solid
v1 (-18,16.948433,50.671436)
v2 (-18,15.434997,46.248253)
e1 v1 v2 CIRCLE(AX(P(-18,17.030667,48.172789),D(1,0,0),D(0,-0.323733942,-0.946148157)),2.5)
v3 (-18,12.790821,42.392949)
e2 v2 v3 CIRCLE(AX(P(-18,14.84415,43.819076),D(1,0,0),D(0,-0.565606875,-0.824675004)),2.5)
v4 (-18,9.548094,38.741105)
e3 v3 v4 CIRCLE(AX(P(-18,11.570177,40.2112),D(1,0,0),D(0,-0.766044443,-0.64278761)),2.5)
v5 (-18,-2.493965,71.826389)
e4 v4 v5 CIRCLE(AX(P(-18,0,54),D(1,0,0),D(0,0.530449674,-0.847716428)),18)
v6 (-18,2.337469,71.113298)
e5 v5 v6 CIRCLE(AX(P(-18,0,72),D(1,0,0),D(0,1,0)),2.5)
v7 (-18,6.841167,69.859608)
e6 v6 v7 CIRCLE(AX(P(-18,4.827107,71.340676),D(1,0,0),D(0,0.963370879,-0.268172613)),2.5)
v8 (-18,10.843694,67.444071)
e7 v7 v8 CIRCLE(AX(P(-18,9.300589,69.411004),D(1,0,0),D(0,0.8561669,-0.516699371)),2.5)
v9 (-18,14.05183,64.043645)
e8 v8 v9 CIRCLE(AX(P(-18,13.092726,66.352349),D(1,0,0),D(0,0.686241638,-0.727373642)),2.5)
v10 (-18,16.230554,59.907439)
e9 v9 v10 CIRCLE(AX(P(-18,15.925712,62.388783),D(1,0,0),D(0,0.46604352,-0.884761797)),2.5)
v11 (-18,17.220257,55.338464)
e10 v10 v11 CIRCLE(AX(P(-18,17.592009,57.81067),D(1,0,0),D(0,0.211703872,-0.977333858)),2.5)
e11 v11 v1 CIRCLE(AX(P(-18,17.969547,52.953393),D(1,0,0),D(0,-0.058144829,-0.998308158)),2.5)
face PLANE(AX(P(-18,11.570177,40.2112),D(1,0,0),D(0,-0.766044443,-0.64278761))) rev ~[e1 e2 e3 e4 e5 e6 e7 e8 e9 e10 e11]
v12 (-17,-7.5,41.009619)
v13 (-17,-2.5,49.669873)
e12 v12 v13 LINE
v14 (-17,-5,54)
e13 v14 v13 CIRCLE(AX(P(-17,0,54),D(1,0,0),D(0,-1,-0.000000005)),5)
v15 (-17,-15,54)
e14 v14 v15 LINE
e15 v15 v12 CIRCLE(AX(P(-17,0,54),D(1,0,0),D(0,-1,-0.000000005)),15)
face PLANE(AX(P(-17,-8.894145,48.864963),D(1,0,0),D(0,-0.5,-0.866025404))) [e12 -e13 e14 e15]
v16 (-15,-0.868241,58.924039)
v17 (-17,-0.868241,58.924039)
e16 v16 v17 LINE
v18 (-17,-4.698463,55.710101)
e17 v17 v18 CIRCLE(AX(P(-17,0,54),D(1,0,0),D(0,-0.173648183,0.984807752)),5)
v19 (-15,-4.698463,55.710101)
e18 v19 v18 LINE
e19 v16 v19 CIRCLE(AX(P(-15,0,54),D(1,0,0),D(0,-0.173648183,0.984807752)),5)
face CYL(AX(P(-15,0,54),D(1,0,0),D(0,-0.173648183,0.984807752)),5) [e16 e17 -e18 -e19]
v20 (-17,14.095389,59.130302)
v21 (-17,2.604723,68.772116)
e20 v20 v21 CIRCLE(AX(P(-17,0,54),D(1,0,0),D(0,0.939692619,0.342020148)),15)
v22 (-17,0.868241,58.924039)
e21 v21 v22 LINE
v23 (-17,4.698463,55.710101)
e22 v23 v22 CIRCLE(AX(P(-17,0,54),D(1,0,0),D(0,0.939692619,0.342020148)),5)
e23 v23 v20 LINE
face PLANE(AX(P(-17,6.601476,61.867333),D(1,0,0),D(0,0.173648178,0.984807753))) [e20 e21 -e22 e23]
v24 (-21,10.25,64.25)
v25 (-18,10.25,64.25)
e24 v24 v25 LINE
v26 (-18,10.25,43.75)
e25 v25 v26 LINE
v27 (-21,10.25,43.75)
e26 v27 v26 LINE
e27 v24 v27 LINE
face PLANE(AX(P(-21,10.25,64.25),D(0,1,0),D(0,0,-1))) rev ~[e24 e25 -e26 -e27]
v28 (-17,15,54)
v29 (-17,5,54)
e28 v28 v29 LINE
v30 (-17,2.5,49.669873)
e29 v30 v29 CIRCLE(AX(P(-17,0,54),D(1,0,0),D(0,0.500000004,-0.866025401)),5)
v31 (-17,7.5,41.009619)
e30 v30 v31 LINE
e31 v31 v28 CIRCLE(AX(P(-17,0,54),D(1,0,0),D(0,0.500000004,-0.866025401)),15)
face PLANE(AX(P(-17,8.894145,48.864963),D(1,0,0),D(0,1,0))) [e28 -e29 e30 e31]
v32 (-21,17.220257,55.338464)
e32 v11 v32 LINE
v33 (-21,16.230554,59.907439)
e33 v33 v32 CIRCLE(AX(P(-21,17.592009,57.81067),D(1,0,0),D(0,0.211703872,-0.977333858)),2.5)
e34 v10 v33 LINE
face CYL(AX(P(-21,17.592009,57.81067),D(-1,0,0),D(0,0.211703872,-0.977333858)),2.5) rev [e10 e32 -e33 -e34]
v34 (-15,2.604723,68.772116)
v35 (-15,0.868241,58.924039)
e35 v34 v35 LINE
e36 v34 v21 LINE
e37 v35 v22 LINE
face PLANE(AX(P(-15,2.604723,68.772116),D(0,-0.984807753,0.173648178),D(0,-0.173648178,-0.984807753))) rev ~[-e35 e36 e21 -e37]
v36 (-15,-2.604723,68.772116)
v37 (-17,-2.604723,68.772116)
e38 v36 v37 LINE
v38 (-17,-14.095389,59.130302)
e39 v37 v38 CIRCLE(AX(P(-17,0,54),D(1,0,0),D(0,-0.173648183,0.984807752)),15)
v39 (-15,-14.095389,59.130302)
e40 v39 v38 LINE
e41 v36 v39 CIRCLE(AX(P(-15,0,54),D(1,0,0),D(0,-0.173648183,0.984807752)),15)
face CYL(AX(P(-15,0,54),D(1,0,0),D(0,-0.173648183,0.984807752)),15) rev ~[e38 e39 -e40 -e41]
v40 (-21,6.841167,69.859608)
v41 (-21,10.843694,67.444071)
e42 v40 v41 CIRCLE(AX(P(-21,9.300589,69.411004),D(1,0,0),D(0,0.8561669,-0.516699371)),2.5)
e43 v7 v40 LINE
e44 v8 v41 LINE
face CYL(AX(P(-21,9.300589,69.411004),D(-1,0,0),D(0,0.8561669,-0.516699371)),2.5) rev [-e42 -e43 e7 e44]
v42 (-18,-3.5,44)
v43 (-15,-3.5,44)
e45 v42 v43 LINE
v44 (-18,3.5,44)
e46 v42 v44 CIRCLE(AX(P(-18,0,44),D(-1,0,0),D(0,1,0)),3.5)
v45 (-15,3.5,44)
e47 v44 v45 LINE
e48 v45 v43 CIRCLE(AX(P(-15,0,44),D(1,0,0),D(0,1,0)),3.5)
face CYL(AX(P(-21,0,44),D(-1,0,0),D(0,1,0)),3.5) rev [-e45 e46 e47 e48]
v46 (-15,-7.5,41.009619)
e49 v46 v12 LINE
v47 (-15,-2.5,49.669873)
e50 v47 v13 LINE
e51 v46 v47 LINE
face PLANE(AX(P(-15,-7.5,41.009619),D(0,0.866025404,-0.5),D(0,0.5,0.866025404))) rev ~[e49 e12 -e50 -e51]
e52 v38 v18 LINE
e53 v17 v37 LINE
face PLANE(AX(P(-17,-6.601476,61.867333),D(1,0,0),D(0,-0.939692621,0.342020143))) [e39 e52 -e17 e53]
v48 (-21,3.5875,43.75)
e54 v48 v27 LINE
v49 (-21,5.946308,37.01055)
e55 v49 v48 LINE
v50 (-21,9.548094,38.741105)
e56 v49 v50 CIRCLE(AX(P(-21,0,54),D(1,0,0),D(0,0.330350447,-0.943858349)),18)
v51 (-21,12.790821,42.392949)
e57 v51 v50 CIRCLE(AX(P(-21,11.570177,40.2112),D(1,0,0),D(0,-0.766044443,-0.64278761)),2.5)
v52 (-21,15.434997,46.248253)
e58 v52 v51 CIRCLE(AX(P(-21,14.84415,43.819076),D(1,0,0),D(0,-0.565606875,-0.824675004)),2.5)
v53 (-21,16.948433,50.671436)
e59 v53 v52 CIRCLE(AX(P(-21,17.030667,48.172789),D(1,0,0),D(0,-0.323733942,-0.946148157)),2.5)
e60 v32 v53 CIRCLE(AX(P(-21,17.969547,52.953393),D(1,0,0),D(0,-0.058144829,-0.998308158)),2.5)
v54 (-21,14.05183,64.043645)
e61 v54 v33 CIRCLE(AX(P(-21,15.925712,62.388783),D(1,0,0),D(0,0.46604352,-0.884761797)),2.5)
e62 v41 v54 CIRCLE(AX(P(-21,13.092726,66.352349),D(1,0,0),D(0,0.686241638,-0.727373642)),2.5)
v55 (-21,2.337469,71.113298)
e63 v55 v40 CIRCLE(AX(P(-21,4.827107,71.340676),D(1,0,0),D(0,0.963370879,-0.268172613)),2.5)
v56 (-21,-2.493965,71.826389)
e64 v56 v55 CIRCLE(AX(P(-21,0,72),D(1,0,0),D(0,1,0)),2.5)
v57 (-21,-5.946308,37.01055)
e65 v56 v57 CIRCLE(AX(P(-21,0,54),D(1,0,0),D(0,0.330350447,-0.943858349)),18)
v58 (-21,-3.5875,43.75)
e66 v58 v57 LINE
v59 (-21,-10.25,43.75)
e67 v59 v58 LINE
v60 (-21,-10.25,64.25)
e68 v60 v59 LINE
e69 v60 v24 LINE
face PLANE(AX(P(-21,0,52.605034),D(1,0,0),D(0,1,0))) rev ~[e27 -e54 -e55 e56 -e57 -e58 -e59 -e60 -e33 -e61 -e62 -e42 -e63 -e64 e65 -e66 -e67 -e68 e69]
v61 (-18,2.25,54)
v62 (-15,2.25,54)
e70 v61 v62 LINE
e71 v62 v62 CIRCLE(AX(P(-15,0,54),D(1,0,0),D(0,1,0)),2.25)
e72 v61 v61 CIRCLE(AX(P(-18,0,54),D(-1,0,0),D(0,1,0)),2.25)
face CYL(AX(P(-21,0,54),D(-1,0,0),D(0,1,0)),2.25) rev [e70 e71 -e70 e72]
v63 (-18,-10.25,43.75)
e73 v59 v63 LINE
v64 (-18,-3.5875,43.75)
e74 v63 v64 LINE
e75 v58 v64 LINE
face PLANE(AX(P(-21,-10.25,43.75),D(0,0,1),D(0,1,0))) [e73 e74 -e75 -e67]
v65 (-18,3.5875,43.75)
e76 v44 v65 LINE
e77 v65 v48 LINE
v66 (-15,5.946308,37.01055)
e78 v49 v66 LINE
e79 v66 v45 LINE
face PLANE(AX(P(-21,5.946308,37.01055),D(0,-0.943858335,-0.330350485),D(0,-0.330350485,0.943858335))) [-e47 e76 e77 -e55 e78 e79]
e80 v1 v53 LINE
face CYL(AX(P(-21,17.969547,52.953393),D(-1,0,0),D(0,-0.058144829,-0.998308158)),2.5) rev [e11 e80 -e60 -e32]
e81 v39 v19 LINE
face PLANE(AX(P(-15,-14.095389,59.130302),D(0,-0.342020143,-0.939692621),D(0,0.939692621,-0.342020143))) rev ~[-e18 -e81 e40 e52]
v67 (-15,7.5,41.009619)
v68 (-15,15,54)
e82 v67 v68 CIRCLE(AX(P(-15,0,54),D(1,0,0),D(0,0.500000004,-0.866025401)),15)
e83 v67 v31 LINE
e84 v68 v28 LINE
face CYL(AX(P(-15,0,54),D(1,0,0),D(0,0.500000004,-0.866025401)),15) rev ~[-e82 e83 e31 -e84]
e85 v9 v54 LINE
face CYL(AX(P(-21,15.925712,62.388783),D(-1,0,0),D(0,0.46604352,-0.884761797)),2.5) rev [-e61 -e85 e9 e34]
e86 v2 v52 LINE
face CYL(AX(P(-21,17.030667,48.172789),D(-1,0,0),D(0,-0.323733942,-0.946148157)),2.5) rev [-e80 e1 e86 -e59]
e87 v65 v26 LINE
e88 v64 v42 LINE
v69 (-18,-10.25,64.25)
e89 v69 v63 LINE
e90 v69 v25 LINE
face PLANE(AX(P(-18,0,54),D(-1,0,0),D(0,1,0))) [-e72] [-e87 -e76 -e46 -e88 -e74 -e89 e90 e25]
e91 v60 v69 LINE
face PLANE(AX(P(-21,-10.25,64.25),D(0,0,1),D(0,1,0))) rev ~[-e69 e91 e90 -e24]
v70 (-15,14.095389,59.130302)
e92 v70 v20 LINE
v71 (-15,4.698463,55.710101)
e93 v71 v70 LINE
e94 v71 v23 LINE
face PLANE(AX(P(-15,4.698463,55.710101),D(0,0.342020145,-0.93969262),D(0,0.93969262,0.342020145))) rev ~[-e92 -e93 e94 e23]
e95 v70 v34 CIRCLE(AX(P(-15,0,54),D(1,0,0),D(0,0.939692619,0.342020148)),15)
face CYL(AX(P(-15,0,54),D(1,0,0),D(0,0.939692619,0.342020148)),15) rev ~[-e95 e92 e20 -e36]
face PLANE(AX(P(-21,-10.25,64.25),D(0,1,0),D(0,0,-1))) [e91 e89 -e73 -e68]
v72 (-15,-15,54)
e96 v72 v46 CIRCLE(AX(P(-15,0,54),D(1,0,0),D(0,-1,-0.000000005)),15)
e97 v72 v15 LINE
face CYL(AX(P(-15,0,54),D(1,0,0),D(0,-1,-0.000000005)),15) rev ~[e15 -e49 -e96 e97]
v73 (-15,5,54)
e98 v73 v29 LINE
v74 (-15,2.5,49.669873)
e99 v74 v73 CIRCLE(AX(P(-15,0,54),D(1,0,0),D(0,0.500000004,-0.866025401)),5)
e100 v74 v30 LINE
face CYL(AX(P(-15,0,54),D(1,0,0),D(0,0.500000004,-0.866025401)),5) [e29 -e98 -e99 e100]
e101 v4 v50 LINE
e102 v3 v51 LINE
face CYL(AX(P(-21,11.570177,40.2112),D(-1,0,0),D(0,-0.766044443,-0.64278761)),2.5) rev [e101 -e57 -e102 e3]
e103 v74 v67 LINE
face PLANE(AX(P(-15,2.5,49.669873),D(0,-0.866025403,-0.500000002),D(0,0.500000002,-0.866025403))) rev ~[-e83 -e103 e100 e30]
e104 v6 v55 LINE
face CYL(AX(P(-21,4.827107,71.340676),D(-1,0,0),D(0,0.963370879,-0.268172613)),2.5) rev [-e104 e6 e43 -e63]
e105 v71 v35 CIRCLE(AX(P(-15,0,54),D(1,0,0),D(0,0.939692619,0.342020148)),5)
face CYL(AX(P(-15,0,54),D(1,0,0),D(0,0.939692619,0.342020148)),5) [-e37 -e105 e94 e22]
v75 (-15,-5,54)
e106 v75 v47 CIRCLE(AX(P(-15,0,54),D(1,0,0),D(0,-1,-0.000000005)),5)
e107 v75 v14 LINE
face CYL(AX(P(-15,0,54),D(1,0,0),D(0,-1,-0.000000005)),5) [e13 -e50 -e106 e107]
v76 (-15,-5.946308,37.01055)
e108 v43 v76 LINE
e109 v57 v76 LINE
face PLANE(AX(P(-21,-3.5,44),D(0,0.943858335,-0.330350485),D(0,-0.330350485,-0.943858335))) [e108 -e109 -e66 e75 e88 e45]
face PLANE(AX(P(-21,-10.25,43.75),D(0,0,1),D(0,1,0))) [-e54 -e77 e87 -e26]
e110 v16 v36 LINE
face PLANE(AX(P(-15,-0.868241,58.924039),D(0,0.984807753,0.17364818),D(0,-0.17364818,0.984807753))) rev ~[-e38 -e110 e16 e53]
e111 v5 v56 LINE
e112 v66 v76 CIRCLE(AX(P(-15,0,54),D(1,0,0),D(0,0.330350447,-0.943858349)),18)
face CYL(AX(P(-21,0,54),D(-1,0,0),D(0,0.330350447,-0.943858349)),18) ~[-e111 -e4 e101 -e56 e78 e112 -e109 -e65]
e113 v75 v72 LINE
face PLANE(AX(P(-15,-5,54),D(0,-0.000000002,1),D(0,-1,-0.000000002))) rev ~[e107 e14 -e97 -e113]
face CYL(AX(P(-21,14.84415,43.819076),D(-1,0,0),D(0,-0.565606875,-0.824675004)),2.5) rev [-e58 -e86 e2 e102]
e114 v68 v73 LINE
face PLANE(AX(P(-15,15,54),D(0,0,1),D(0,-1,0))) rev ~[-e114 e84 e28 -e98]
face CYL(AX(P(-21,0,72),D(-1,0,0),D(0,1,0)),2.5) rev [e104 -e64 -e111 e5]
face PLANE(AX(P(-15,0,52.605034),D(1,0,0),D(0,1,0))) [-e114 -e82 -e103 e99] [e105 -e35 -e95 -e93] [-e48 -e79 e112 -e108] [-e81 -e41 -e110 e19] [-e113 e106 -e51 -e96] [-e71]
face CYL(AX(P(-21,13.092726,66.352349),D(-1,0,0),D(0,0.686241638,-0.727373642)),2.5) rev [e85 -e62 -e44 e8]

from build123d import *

# Parameters (mm, degrees)
SKETCH036_R           = 2.25
PAD024_DEPTH          = 6
SKETCH038_W           = 20.5
SKETCH038_H           = 20.5
POCKET007_DEPTH       = 3
CYLINDER068_R         = 2.5
CYLINDER068_DEPTH     = 3
POLARPATTERN018_COUNT = 10
POLARPATTERN018_ANGLE = 140
POCKET009_DEPTH       = 2
POLARPATTERN019_COUNT = 4
POLARPATTERN019_ANGLE = 240


with BuildPart() as part:
    # Sketch036 → Pad024 (new body)
    with BuildSketch(Plane.YZ):
        with BuildLine():
            ThreePointArc((5.946308, -16.98945), (0, 18), (-5.946308, -16.98945))
            Line((-3.5, -10), (-5.946308, -16.98945))
            ThreePointArc((3.5, -10), (0, -6.5), (-3.5, -10))
            Line((5.946308, -16.98945), (3.5, -10))
        make_face()
        Circle(SKETCH036_R, mode=Mode.SUBTRACT)
    extrude(amount=PAD024_DEPTH)

    # Sketch038 (on Face6 of Pad024) → Pocket007 (cut)
    with BuildSketch(Plane(origin=(0, 0, 0), x_dir=(0, 1, 0), z_dir=(-1, 0, 0))):
        Rectangle(SKETCH038_W, SKETCH038_H)
    extrude(amount=-POCKET007_DEPTH, mode=Mode.SUBTRACT)

    # Cylinder068 → Cylinder068 (cut)
    with BuildSketch(Plane(origin=(0, 0, 18), x_dir=(0, 1, 0), z_dir=(1, 0, 0))):
        Circle(CYLINDER068_R)
    cylinder068 = extrude(amount=CYLINDER068_DEPTH, mode=Mode.SUBTRACT)

    # PolarPattern018: Cylinder068 ×10 about axis
    polarpattern018_axis = Axis((0, 0, 0), (-1, 0, 0))
    for i in range(1, POLARPATTERN018_COUNT):
        add(cylinder068.rotate(polarpattern018_axis, i * POLARPATTERN018_ANGLE / (POLARPATTERN018_COUNT - 1)), mode=Mode.SUBTRACT)

    # Sketch045 → Pocket009 (cut)
    with BuildSketch(Plane.YZ.offset(6)):
        with BuildLine():
            ThreePointArc((7.5, -12.990381), (12.990381, -7.5), (15, 0))
            Line((15, 0), (5, 0))
            ThreePointArc((2.5, -4.330127), (4.330127, -2.5), (5, 0))
            Line((2.5, -4.330127), (7.5, -12.990381))
        make_face()
    pocket009 = extrude(amount=-POCKET009_DEPTH, mode=Mode.SUBTRACT)

    # PolarPattern019: Pocket009 ×4 about axis
    polarpattern019_axis = Axis((6, 0, 0), (1, 0, 0))
    for i in range(1, POLARPATTERN019_COUNT):
        add(pocket009.rotate(polarpattern019_axis, i * POLARPATTERN019_ANGLE / (POLARPATTERN019_COUNT - 1)), mode=Mode.SUBTRACT)


with BuildPart() as part_1:
    # Body036 placement: moved
    add(part.part.moved(Location((-21, 0, 54))))


solid = part_1.part
